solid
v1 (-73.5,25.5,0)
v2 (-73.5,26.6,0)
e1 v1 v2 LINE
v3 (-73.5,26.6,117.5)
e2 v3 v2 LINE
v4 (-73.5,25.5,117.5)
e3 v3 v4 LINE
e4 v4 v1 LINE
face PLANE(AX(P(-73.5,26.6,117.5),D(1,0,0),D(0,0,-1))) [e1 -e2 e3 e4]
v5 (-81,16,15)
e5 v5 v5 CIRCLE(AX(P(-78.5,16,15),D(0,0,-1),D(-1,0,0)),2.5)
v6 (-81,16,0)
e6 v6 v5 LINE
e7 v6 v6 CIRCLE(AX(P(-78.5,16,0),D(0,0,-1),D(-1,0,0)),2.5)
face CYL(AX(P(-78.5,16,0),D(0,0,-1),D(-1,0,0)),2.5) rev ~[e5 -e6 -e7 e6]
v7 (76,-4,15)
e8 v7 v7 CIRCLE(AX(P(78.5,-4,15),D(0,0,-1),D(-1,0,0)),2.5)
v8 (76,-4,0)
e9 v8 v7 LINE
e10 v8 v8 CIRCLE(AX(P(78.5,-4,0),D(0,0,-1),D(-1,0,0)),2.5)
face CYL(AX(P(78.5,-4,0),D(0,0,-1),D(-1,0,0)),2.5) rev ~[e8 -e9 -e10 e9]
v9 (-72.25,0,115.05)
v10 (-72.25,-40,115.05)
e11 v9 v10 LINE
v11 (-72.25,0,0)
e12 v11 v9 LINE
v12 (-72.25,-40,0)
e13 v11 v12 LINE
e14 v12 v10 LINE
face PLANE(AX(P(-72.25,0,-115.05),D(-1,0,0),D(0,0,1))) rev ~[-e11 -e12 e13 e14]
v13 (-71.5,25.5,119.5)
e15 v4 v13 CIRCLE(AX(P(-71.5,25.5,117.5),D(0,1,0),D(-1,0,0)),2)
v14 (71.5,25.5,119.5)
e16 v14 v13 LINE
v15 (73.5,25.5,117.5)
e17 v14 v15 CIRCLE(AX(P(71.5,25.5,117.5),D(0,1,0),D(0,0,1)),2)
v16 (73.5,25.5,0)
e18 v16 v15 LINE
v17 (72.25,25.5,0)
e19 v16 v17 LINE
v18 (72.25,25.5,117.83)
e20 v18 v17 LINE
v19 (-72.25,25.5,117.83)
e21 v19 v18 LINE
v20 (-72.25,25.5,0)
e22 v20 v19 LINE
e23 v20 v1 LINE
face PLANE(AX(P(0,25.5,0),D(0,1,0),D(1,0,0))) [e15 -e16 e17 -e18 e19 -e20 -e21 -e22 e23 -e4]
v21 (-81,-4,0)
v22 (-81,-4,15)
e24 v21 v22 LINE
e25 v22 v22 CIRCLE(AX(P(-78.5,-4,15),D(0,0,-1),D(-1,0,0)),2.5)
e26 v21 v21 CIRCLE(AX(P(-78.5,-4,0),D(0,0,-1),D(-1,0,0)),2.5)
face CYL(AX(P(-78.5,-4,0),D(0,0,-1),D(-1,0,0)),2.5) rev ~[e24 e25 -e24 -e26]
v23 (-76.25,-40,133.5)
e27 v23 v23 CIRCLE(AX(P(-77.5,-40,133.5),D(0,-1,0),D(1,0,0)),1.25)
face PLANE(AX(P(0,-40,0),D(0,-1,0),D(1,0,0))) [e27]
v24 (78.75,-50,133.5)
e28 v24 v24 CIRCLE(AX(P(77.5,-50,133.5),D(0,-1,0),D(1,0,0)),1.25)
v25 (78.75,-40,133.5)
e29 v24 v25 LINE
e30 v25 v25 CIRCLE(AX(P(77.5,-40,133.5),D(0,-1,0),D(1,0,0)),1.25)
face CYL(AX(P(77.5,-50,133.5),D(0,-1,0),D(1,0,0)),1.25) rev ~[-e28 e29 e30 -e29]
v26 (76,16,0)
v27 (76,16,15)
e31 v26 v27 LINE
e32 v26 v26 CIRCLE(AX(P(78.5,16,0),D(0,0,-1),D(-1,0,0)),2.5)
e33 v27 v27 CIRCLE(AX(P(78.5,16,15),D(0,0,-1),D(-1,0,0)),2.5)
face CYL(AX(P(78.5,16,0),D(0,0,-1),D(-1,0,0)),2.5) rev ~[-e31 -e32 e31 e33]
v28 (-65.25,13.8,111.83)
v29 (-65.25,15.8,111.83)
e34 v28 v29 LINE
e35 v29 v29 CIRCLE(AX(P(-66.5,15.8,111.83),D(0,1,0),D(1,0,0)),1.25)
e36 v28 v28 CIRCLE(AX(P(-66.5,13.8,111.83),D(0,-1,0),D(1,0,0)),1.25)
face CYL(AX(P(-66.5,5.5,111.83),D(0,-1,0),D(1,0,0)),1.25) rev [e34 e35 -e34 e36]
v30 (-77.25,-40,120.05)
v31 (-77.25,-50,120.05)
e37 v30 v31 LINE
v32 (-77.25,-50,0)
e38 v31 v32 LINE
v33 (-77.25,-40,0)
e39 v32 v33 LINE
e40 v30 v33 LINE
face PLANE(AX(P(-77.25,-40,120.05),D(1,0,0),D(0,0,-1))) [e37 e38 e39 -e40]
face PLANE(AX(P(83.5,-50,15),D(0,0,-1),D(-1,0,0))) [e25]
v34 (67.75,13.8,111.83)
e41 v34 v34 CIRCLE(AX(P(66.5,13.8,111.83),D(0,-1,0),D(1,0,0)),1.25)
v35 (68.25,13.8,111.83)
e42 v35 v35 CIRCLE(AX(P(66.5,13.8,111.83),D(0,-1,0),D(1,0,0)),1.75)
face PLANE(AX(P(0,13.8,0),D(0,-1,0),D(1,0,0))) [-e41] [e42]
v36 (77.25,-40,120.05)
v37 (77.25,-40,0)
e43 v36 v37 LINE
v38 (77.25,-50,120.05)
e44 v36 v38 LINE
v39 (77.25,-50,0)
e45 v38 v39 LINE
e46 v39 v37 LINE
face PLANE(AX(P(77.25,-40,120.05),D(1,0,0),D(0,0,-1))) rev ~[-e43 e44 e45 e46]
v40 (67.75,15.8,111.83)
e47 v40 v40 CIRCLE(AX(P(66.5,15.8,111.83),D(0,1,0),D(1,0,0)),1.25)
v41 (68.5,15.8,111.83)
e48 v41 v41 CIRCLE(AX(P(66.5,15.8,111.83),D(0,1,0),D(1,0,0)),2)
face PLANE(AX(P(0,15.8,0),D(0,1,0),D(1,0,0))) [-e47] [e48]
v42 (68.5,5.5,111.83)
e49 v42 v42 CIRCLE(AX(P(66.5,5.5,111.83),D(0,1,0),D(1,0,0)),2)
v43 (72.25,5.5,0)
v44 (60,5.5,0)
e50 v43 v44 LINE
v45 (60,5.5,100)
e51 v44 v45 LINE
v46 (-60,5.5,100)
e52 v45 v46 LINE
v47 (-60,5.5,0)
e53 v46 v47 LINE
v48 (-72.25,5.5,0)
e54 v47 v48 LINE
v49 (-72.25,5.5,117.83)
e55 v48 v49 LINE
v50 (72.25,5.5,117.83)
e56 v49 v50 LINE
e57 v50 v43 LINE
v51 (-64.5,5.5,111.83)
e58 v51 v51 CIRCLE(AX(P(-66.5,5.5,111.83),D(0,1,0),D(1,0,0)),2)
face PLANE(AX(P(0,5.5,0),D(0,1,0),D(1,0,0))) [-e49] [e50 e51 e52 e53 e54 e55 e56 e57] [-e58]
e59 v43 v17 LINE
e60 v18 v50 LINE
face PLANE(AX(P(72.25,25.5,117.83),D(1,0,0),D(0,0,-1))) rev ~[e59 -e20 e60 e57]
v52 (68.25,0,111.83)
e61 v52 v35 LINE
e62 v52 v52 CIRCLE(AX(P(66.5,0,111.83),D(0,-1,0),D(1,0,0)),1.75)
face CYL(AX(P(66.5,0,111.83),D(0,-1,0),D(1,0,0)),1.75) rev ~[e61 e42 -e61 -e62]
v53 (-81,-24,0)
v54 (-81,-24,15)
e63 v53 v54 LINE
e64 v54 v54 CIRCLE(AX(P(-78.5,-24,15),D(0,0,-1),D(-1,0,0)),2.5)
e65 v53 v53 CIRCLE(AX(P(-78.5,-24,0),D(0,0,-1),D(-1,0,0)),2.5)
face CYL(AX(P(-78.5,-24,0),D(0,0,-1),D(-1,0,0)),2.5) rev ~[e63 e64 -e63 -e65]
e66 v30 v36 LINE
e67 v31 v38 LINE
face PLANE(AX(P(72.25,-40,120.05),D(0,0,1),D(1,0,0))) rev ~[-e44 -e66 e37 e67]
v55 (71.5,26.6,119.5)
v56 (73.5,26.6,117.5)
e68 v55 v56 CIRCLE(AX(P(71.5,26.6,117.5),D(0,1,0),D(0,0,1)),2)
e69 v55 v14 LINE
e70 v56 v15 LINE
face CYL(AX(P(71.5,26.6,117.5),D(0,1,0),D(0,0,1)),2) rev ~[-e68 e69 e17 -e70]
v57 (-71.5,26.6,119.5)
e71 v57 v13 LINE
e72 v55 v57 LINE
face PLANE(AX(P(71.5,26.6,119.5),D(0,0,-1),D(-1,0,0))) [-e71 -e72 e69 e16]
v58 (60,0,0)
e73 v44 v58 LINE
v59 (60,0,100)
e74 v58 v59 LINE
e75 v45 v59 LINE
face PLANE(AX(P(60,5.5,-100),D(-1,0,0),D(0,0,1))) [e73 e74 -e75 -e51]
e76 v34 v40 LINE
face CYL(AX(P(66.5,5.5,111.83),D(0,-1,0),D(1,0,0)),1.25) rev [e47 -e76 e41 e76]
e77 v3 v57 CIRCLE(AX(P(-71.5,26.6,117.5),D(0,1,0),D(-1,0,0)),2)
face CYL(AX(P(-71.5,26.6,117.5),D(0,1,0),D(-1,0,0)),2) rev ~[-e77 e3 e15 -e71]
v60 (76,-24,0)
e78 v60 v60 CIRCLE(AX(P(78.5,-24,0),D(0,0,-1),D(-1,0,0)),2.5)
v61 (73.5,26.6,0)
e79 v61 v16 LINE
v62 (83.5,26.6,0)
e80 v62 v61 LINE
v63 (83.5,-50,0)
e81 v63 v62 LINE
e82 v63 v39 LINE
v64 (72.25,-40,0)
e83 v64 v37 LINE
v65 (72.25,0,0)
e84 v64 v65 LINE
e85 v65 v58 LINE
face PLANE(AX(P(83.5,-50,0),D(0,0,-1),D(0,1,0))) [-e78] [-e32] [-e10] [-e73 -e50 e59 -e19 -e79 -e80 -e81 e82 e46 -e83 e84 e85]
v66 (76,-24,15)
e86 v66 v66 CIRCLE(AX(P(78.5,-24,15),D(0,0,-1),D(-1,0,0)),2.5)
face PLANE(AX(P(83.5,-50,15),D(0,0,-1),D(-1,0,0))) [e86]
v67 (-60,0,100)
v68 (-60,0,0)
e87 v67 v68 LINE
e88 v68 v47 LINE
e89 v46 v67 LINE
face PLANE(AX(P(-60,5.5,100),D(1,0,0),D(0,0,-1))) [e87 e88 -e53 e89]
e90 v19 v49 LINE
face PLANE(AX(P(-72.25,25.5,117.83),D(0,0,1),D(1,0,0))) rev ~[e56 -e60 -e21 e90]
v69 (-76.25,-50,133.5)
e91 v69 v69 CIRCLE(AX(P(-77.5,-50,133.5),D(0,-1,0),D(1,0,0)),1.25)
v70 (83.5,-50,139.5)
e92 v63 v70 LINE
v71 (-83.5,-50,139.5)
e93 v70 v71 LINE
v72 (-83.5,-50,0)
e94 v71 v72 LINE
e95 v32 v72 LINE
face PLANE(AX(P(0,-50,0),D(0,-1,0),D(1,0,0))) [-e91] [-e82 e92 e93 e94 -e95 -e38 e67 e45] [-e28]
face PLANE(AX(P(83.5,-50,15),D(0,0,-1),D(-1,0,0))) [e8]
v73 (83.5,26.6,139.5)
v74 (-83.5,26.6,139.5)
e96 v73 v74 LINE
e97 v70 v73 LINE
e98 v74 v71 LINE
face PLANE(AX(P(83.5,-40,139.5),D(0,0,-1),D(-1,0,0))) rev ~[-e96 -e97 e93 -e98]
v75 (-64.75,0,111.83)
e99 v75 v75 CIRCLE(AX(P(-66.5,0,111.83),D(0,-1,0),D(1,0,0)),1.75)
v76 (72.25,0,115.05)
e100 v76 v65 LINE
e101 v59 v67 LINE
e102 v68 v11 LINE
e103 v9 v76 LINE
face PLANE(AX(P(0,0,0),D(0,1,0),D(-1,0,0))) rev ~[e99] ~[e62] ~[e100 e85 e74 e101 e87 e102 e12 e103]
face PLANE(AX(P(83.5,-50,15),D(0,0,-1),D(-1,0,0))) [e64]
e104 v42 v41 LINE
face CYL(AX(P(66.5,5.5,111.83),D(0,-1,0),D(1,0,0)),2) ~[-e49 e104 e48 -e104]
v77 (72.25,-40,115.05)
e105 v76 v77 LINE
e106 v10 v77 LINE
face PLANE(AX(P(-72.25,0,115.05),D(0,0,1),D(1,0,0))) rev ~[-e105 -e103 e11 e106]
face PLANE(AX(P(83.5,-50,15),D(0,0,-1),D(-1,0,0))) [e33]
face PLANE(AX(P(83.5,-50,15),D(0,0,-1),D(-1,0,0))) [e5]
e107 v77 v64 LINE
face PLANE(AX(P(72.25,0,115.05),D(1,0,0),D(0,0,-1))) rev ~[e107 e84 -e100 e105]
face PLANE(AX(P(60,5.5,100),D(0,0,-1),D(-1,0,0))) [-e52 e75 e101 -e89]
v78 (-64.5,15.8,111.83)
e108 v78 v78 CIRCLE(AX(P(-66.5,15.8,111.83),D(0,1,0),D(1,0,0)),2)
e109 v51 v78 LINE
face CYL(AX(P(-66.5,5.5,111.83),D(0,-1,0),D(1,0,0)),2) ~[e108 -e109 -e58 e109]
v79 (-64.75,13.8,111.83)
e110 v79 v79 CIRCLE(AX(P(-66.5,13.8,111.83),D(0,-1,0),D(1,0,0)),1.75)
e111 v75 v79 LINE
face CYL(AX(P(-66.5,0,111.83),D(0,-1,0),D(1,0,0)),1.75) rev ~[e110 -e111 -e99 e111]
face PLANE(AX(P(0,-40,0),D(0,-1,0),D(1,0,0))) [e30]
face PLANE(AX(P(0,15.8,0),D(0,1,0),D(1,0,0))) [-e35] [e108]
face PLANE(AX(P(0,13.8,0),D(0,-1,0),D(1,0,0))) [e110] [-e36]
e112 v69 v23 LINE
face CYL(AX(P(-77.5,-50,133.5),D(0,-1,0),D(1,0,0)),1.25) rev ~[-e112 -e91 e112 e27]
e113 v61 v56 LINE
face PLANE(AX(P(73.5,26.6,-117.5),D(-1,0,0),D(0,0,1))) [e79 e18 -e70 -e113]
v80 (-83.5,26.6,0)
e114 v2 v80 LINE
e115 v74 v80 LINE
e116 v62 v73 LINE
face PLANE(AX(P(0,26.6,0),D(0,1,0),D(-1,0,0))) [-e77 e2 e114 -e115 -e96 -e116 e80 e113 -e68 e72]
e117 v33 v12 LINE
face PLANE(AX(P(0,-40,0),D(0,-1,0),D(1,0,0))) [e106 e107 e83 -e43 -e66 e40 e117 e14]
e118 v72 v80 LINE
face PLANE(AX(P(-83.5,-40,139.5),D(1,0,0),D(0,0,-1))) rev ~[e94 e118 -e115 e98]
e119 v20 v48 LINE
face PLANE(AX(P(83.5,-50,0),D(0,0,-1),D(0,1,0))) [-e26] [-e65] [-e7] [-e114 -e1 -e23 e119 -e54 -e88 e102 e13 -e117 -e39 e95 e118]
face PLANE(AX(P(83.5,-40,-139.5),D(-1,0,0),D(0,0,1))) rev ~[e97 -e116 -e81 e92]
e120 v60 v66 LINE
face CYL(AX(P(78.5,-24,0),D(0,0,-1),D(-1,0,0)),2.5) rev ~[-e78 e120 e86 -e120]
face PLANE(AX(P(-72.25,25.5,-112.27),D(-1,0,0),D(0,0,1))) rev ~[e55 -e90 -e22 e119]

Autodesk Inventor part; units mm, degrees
ref_plane "YZ Plane" through (0, 0, 0) normal (1, 0, 0) x (0, 1, 0)
ref_plane "XZ Plane" through (0, 0, 0) normal (0, 1, 0) x (-1, 0, 0)
ref_plane "XY Plane" through (0, 0, 0) normal (0, 0, 1) x (1, 0, 0)
sketch "Sketch1" plane through (0, 0, 0) normal (0, 1, 0) x (-1, 0, 0)
  line L0 (-83.5, 139.5) -> (83.5, 139.5)
  line L1 (83.5, 139.5) -> (83.5, -139.5)
  line L2 (83.5, -139.5) -> (-83.5, -139.5)
  line L3 (-83.5, -139.5) -> (-83.5, 139.5)
  line L4 (-83.5, 139.5) -> (83.5, -139.5) construction
  line L5 (83.5, 139.5) -> (-83.5, -139.5) construction
  point P0 (0, 0)
  dimension "d0" = 167
  dimension "d1" = 279
extrude "Extrusion1" add sketch "Sketch1" along normal blind 26.6
sketch "Sketch2" plane through (0, 26.6, 0) normal (0, 1, 0) x (1, 0, 0)
  line L0 (71.5, -119.5) -> (-71.5, -119.5)
  line L1 (-73.5, -117.5) -> (-73.5, 117.5)
  line L2 (-71.5, 119.5) -> (71.5, 119.5)
  line L3 (73.5, 117.5) -> (73.5, -117.5)
  line L4 (73.5, -119.5) -> (-73.5, 119.5) construction
  line L5 (-73.5, -119.5) -> (73.5, 119.5) construction
  arc A0 (-73.5, -117.5) -> (-71.5, -119.5) centre (-71.5, -117.5) ccw
  arc A1 (-71.5, 119.5) -> (-73.5, 117.5) centre (-71.5, 117.5) ccw
  arc A2 (73.5, 117.5) -> (71.5, 119.5) centre (71.5, 117.5) ccw
  arc A3 (71.5, -119.5) -> (73.5, -117.5) centre (71.5, -117.5) ccw
  point P0 (0, 0)
  dimension "d4" = 147
  dimension "d5" = 239
  dimension "d6" = 2
extrude "Extrusion2" cut sketch "Sketch2" against normal blind 1.1
sketch "Sketch3" plane through (0, 25.5, 0) normal (0, 1, 0) x (1, 0, 0)
  line L0 (-73.5, -117.5) -> (-73.5, 117.5) projected
  line L1 (71.5, -119.5) -> (-71.5, -119.5) projected
  line L2 (-72.25, -117.83) -> (72.25, -117.83)
  line L3 (72.25, -117.83) -> (72.25, 112.27)
  line L4 (72.25, 112.27) -> (-72.25, 112.27)
  line L5 (-72.25, 112.27) -> (-72.25, -117.83)
  point P0 (0, 0)
  dimension "d9" = 1.25
  dimension "d10" = 1.67
  dimension "d11" = 144.5
  dimension "d12" = 230.1
extrude "Extrusion3" cut sketch "Sketch3" against normal blind 20
sketch "Sketch4" plane through (0, 5.5, 0) normal (0, 1, 0) x (1, 0, 0)
  circle A0 centre (-66.5, -111.83) radius 2
  line L0 (72.25, -117.83) -> (-72.25, -117.83) projected
  line L1 (-72.25, -117.83) -> (-72.25, 112.27) projected
  circle A1 centre (66.5, -111.83) radius 2
  line L2 (72.25, 112.27) -> (72.25, -117.83) projected
  circle A2 centre (-66.5, 106.27) radius 2
  line L3 (-72.25, 112.27) -> (72.25, 112.27) projected
  circle A3 centre (66.5, 106.27) radius 2
  point P0 (0, 0)
  dimension "d15" = 4
  dimension "d16" = 6
  dimension "d17" = 5.75
  dimension "d18" = 4
  dimension "d19" = 6
  dimension "d20" = 5.75
  dimension "d21" = 4
  dimension "d22" = 5.75
  dimension "d23" = 6
  dimension "d24" = 4
  dimension "d25" = 6
  dimension "d26" = 5.75
extrude "Extrusion4" add sketch "Sketch4" along normal blind 10.3 contours A0 | A1 | A2 | A3
sketch "Sketch5" plane through (0, 5.5, 0) normal (0, 1, 0) x (1, 0, 0)
  circle A0 centre (-66.5, -111.83) radius 2 projected
  circle A1 centre (-66.5, -111.83) radius 1.25
  circle A2 centre (-66.5, 106.27) radius 2 projected
  circle A3 centre (-66.5, 106.27) radius 1.25
  circle A4 centre (66.5, 106.27) radius 2 projected
  circle A5 centre (66.5, 106.27) radius 1.25
  circle A6 centre (66.5, -111.83) radius 1.25
  point P0 (0, 0)
  dimension "d29" = 2.5
  dimension "d30" = 2.5
  dimension "d31" = 2.5
  dimension "d32" = 2.5
extrude "Extrusion5" cut sketch "Sketch5" along normal blind 10.3 and the other way blind 5.5 contours A1 | A3 | A5 | A6
sketch "Sketch8" plane through (0, 0, 0) normal (0, -1, 0) x (1, 0, 0)
  circle A0 centre (66.5, 111.83) radius 1.25 projected
  circle A1 centre (66.5, 111.83) radius 1.75
  circle A2 centre (66.5, -106.27) radius 1.25 projected
  circle A3 centre (66.5, -106.27) radius 1.75
  circle A4 centre (-66.5, -106.27) radius 1.25 projected
  circle A5 centre (-66.5, -106.27) radius 1.75
  circle A6 centre (-66.5, 111.83) radius 1.75
  point P0 (0, 0)
  dimension "d49" = 3.5
  dimension "d50" = 3.5
  dimension "d51" = 3.5
  dimension "d52" = 3.5
extrude "Extrusion8" cut sketch "Sketch8" against normal blind 13.8
sketch "Sketch9" plane through (0, 5.5, 0) normal (0, 1, 0) x (1, 0, 0)
  line L0 (60, -100) -> (-60, -100)
  line L1 (-60, -100) -> (-60, 100)
  line L2 (-60, 100) -> (60, 100)
  line L3 (60, 100) -> (60, -100)
  line L4 (60, -100) -> (-60, 100) construction
  line L5 (-60, -100) -> (60, 100) construction
  point P0 (0, 0)
  dimension "d55" = 120
  dimension "d56" = 200
extrude "Extrusion9" cut sketch "Sketch9" against normal blind 5.8
sketch "Sketch10" plane through (0, 0, 0) normal (0, -1, 0) x (1, 0, 0)
  line L0 (83.5, 139.5) -> (83.5, -139.5) projected
  line L1 (-83.5, -139.5) -> (-83.5, 139.5) projected
  line L2 (83.5, 139.5) -> (-83.5, 139.5)
  line L3 (-83.5, 139.5) -> (-83.5, -139.5)
  line L4 (-83.5, -139.5) -> (83.5, -139.5)
  line L5 (83.5, -139.5) -> (83.5, 139.5)
  line L6 (72.25, -115.05) -> (-72.25, -115.05)
  line L7 (-72.25, -115.05) -> (-72.25, 115.05)
  line L8 (-72.25, 115.05) -> (72.25, 115.05)
  line L9 (72.25, 115.05) -> (72.25, -115.05)
  line L10 (72.25, -115.05) -> (-72.25, 115.05) construction
  line L11 (-72.25, -115.05) -> (72.25, 115.05) construction
  line L12 (-83.5, -139.5) -> (83.5, -139.5)
  line L13 (83.5, -139.5) -> (83.5, 139.5)
  line L14 (83.5, 139.5) -> (-83.5, 139.5)
  line L15 (-83.5, 139.5) -> (-83.5, -139.5)
  point P0 (0, 0)
  point P1 (71.5, 119.5)
  dimension "d67" = 144.5
  dimension "d68" = 230.1
extrude "Extrusion10" add sketch "Sketch10" along normal blind 40
sketch "Sketch12" plane through (0, -40, 0) normal (0, -1, 0) x (1, 0, 0)
  line L0 (-72.25, -115.05) -> (-72.25, 115.05) projected
  line L1 (72.25, -115.05) -> (-72.25, -115.05) projected
  line L2 (-77.25, -120.05) -> (-72.25, -120.05)
  line L3 (-72.25, -120.05) -> (-72.25, 120.05)
  line L4 (-72.25, 120.05) -> (-77.25, 120.05)
  line L5 (-77.25, 120.05) -> (-77.25, -120.05)
  line L6 (72.25, 115.05) -> (72.25, -115.05) projected
  line L7 (77.25, -120.05) -> (72.25, -120.05)
  line L8 (72.25, -120.05) -> (72.25, 120.05)
  line L9 (72.25, 120.05) -> (77.25, 120.05)
  line L10 (77.25, 120.05) -> (77.25, -120.05)
  line L11 (72.25, 115.05) -> (-72.25, 115.05) projected
  line L12 (72.25, 120.05) -> (-72.25, 120.05)
  line L13 (-72.25, 120.05) -> (-72.25, 115.05)
  line L14 (-72.25, 115.05) -> (72.25, 115.05)
  line L15 (72.25, 115.05) -> (72.25, 120.05)
  line L16 (-83.5, 139.5) -> (-83.5, -139.5) projected
  line L17 (83.5, 139.5) -> (-83.5, 139.5) projected
  line L18 (-83.5, -139.5) -> (83.5, -139.5)
  line L19 (83.5, -139.5) -> (83.5, 139.5)
  line L20 (83.5, 139.5) -> (-83.5, 139.5)
  line L21 (-83.5, 139.5) -> (-83.5, -139.5)
  line L22 (-72.25, -115.05) -> (72.25, -115.05) projected
  line L23 (-72.25, -115.05) -> (72.25, -115.05)
  line L24 (72.25, -115.05) -> (72.25, -120.05)
  line L25 (72.25, -120.05) -> (-72.25, -120.05)
  line L26 (-72.25, -120.05) -> (-72.25, -115.05)
  point P0 (0, 0)
  dimension "d69" = 5
  dimension "d70" = 5
  dimension "d71" = 240.1
  dimension "d72" = 5
  dimension "d73" = 5
  dimension "d74" = 240.1
extrude "Extrusion11" add sketch "Sketch12" along normal blind 10
sketch "Sketch13" plane through (0, -50, 0) normal (0, -1, 0) x (1, 0, 0)
  circle A0 centre (-77.5, -133.5) radius 1.25
  line L0 (-83.5, 139.5) -> (-83.5, -139.5) projected
  line L1 (-83.5, -139.5) -> (83.5, -139.5) projected
  circle A1 centre (-77.5, 133.5) radius 1.25
  line L2 (83.5, 139.5) -> (-83.5, 139.5) projected
  circle A2 centre (77.5, 133.5) radius 1.25
  line L3 (83.5, -139.5) -> (83.5, 139.5) projected
  circle A3 centre (77.5, -133.5) radius 1.25
  point P0 (0, 0)
  dimension "d77" = 2.5
  dimension "d78" = 6
  dimension "d79" = 6
  dimension "d80" = 2.5
  dimension "d81" = 6
  dimension "d82" = 6
  dimension "d83" = 2.5
  dimension "d84" = 6
  dimension "d85" = 6
  dimension "d86" = 6
  dimension "d87" = 6
extrude "Extrusion12" cut sketch "Sketch13" against normal blind 10 contours A0 | A1 | A2 | A3
sketch "Sketch14" plane through (83.5, 26.6, 139.5) normal (1, 0, 0) x (0, 0, -1)
  line L0 (0, 0) -> (279, 0) projected
  line L1 (139.5, 0) -> (139.5, -76.6)
  line L2 (259.55, -76.6) -> (19.45, -76.6) projected
  point P0 (139.5, -26.6)
split_face "Split1"
sketch "Sketch18" plane through (83.5, -50, 0) normal (1, 0, 0) x (0, 0, -1)
  line L0 (0, 76.6) -> (139.5, 76.6) projected
  line L1 (139.5, 76.6) -> (139.5, 0) projected
  line L2 (0, 76.6) -> (139.5, 76.6)
  line L3 (139.5, 76.6) -> (139.5, 0)
  line L4 (139.5, 0) -> (0, 0)
  line L5 (0, 0) -> (0, 76.6)
  point P0 (0, 50)
extrude "Extrusion15" cut sketch "Sketch18" against normal blind 168.1125
sketch "Sketch19" plane through (83.5, -50, 0) normal (0, 0, -1) x (-1, 0, 0)
  line L0 (0, 76.6) -> (10, 76.6) projected
  circle A0 centre (5, 66) radius 2.5
  circle A1 centre (5, 46) radius 2.5
  circle A2 centre (5, 26) radius 2.5
  line L1 (157, 76.6) -> (167, 76.6) projected
  circle A3 centre (162, 66) radius 2.5
  circle A4 centre (162, 46) radius 2.5
  circle A5 centre (162, 26) radius 2.5
  point P0 (83.5, 50)
  dimension "d97" = 5
  dimension "d99" = 5
  dimension "d101" = 5
  dimension "d102" = 5
  dimension "d104" = 5
  dimension "d106" = 5
extrude "Extrusion16" cut sketch "Sketch19" against normal blind 15
properties part number "Enclosure"
